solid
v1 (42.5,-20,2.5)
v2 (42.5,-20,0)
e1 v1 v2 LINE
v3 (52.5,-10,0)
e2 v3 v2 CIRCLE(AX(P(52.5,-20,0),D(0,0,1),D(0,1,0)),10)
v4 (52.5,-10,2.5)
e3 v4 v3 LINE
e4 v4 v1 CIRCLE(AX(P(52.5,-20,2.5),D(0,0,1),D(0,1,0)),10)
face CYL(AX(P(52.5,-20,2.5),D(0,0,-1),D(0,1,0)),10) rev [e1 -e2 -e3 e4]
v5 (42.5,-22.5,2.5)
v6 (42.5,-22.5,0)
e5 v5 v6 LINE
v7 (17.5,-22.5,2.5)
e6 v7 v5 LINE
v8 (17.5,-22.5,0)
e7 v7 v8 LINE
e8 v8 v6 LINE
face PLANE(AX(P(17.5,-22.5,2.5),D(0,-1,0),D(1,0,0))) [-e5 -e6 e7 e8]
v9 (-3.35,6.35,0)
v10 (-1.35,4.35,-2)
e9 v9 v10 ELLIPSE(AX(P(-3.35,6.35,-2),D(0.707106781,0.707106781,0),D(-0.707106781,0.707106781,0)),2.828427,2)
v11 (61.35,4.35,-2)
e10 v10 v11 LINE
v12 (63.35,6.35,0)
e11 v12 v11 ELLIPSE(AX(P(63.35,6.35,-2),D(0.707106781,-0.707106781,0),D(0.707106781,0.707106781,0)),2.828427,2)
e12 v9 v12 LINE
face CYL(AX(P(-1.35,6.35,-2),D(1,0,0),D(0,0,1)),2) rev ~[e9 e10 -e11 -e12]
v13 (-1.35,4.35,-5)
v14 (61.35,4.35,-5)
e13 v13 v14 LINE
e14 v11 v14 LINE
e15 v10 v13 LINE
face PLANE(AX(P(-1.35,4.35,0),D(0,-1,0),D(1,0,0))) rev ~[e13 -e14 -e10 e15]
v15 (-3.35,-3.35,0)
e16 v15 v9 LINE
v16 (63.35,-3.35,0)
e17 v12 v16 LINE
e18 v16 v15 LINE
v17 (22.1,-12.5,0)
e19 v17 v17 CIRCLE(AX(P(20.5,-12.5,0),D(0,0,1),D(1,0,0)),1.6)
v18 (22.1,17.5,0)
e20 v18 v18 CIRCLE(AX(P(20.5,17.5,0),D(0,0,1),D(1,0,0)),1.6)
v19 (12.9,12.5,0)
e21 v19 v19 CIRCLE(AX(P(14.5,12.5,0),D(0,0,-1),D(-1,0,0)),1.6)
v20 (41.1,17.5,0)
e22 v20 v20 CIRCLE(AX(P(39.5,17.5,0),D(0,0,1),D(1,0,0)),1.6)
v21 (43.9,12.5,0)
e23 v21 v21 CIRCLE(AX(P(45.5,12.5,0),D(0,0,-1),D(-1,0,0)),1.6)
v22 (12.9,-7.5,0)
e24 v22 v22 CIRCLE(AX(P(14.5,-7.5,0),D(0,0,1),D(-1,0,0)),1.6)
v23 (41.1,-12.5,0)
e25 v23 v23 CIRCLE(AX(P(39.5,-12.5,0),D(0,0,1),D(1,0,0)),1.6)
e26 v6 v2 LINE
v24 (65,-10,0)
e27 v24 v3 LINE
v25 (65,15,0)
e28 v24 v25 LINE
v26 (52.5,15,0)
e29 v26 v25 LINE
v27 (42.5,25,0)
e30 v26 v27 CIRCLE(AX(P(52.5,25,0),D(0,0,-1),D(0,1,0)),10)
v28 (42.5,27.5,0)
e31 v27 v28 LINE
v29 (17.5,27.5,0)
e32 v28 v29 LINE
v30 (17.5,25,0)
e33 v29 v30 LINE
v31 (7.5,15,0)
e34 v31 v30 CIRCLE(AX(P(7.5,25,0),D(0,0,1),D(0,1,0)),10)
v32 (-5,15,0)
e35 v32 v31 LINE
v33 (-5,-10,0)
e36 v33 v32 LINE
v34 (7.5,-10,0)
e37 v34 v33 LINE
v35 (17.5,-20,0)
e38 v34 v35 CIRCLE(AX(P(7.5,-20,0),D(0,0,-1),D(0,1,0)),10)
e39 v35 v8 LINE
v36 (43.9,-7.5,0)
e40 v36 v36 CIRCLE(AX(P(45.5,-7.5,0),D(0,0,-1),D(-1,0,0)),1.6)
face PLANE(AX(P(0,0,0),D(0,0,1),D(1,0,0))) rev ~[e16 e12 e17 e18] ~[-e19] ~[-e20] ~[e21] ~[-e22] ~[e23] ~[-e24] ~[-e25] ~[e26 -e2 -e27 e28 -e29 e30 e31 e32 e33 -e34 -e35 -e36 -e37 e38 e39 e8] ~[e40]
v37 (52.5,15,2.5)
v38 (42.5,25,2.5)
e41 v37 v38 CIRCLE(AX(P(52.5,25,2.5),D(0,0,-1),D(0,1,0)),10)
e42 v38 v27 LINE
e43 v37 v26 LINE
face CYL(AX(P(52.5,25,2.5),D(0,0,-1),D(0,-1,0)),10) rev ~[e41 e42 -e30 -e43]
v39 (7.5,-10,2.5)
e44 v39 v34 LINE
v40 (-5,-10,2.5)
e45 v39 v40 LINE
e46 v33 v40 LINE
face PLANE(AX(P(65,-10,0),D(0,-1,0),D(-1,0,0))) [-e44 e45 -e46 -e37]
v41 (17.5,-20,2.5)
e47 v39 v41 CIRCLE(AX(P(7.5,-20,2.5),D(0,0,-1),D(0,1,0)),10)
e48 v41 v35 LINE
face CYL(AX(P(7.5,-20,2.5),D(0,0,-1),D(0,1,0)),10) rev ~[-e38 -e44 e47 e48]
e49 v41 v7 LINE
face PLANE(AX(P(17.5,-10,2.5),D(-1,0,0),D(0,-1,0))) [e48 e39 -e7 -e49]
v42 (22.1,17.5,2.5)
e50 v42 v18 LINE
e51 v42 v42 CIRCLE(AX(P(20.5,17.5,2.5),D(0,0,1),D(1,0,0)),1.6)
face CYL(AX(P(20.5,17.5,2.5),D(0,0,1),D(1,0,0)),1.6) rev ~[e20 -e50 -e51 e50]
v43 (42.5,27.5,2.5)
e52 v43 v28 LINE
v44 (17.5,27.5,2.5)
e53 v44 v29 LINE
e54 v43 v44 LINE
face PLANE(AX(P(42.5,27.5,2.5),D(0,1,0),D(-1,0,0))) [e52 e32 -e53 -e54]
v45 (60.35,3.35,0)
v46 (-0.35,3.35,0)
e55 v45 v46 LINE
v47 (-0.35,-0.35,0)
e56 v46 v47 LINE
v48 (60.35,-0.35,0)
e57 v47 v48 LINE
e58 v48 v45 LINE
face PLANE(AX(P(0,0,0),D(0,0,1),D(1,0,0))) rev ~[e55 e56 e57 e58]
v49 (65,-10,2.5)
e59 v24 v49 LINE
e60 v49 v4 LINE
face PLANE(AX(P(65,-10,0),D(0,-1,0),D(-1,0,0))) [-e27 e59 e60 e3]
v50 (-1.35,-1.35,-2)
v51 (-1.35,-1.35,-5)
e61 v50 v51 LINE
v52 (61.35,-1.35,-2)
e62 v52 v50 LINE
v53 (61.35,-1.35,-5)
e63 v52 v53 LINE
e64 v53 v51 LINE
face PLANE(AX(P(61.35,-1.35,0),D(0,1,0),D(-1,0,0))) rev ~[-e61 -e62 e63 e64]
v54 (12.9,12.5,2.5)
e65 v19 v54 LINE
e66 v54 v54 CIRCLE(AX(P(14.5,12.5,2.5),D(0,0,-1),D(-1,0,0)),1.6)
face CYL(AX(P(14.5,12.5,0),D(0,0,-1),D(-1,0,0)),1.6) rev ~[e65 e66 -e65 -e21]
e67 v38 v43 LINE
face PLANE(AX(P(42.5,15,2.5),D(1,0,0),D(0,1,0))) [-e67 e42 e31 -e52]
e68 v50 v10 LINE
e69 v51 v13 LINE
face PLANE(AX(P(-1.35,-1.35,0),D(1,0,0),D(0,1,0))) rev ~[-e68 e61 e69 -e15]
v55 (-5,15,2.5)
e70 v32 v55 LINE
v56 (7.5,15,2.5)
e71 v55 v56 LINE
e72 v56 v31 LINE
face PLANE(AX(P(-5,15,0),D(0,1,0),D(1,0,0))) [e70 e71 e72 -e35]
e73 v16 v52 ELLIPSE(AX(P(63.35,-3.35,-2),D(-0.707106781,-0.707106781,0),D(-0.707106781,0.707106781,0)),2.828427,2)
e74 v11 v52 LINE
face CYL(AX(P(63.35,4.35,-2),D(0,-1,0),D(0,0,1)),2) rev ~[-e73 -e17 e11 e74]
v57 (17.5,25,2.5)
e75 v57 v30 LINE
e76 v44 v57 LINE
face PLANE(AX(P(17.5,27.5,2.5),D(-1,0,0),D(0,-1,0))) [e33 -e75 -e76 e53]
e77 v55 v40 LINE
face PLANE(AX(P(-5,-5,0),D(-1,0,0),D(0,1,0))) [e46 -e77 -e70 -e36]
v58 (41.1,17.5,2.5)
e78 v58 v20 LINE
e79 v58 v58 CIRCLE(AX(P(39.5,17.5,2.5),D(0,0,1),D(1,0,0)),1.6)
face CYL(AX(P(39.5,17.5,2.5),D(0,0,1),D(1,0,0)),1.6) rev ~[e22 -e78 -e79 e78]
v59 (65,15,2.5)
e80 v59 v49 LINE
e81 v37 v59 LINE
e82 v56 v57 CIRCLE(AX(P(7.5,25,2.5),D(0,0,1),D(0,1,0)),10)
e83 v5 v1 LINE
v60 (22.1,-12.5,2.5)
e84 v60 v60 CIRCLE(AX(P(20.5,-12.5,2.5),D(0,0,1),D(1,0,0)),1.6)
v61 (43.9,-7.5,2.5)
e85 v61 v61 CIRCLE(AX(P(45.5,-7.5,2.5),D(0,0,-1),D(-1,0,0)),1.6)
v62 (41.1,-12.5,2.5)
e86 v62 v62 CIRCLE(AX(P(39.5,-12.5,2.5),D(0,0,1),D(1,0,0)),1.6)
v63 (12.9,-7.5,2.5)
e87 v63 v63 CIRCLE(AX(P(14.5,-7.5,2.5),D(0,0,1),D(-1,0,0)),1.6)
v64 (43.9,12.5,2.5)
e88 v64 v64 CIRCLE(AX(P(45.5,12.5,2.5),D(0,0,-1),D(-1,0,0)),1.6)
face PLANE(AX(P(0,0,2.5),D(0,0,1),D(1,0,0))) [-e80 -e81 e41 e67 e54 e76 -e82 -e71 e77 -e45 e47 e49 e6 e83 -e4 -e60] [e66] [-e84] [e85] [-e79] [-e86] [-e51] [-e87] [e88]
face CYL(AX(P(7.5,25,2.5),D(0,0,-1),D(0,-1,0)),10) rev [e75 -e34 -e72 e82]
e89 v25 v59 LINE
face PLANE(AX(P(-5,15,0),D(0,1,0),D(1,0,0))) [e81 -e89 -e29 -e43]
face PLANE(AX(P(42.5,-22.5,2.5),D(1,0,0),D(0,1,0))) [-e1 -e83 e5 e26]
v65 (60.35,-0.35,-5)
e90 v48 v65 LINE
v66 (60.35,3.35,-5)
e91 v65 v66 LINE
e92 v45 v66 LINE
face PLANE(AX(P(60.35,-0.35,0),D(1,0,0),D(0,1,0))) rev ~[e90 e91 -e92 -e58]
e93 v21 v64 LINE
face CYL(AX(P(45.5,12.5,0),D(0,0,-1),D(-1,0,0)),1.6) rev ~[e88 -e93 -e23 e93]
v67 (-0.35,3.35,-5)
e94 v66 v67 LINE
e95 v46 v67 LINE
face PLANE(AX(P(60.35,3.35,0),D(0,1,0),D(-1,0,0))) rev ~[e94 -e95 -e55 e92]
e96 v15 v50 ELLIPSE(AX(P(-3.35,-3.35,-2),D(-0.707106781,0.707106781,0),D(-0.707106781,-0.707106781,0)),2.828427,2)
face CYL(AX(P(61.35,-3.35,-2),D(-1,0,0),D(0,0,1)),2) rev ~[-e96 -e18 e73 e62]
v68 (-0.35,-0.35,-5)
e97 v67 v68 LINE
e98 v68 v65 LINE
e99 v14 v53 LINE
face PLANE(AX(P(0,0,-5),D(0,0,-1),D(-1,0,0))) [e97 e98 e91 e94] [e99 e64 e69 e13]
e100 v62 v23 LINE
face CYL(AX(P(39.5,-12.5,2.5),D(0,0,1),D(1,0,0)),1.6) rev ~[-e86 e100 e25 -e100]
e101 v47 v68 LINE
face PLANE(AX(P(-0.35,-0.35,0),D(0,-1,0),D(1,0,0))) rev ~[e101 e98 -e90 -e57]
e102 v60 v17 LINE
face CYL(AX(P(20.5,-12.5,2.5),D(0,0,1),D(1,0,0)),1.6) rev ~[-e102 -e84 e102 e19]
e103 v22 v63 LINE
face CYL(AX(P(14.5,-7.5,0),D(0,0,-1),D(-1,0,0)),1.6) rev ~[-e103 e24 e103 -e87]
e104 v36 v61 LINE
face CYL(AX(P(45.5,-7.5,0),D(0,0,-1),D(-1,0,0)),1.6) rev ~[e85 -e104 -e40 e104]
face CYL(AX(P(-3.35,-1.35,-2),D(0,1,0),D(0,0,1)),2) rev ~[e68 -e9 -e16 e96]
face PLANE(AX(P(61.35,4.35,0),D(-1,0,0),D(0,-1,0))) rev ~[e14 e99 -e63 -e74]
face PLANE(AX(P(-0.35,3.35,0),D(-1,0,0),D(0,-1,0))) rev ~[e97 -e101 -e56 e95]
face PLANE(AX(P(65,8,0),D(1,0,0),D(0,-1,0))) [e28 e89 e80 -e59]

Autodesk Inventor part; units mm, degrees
ref_plane "YZ Plane" through (0, 0, 0) normal (1, 0, 0) x (0, 1, 0)
ref_plane "XZ Plane" through (0, 0, 0) normal (0, 1, 0) x (-1, 0, 0)
ref_plane "XY Plane" through (0, 0, 0) normal (0, 0, 1) x (1, 0, 0)
sketch "Sketch1" plane through (0, 0, 0) normal (0, 0, 1) x (1, 0, 0)
  line L0 (65, 8) -> (65, -5) projected
  line L1 (-5, -5) -> (-5, 8) projected
  line L2 (-5, 8) -> (65, 8) projected
  line L3 (65, 8) -> (65, -5) projected
  line L4 (65, -5) -> (-5, -5) projected
  line L5 (-5, 15) -> (65, 15)
  line L6 (65, 15) -> (65, -10)
  line L7 (65, -10) -> (-5, -10)
  line L8 (-5, -10) -> (-5, 15)
  line L9 (-5, 15) -> (65, -10) construction
  line L10 (65, 15) -> (-5, -10) construction
  point P0 (0, 0)
  point P1 (30, 2.5)
  dimension "d0" = 25
extrude "Extrusion1" add sketch "Sketch1" along normal blind 2.5
sketch "Sketch2" plane through (0, 0, 0) normal (0, 0, -1) x (-1, 0, 0)
  line L0 (-60, 0) -> (0, 0) projected
  line L1 (0, 0) -> (0, 3) projected
  line L2 (-60, 3) -> (0, 3) projected
  line L3 (-60, 0) -> (-60, 3) projected
  line L4 (0.35, -0.35) -> (-60.35, -0.35)
  line L5 (-60.35, -0.35) -> (-60.35, 3.35)
  line L6 (-60.35, 3.35) -> (0.35, 3.35)
  line L7 (0.35, 3.35) -> (0.35, -0.35)
  line L8 (-61.35, -1.35) -> (1.35, -1.35)
  line L9 (1.35, -1.35) -> (1.35, 4.35)
  line L10 (1.35, 4.35) -> (-61.35, 4.35)
  line L11 (-61.35, 4.35) -> (-61.35, -1.35)
  dimension "d3" = 0.35
  dimension "d4" = 1
extrude "Extrusion2" add sketch "Sketch2" along normal blind 5 contours L11 L10 L9 L8
fillet "Fillet1" radius 2 4 edges at (30, -1.35, 0) (-1.35, 1.5, 0) (30, 4.35, 0) (61.35, 1.5, 0)
sketch "Sketch3" plane through (0, 0, 0) normal (0, 0, -1) x (-1, 0, 0)
  line L0 (-65, -9.278) -> (-65, -5)
  line L1 (-47.2, 0) -> (-43.8, 0) projected
  line L2 (-45.5, 0) -> (-45.5, -10) construction
  line L3 (-16.2, 0) -> (-12.8, 0) projected
  line L4 (-14.5, 0) -> (-14.5, -7.5)
  circle A0 centre (-14.5, -7.5) radius 1.6
  line L5 (5, -10) -> (-65, -10) construction
  circle A1 centre (-14.5, -7.5) radius 1.5
  line L6 (-65, 2.5) -> (5, 2.5) construction
  line L7 (-65, -10) -> (-65, -5)
  line L8 (-65, -10) -> (-65, 15) projected
  line L9 (-65, -7.5) -> (5, -7.5) construction
  line L10 (5, 15) -> (5, -10) construction
  circle A2 centre (-45.5, -7.5) radius 1.6
  circle A3 centre (-14.5, 12.5) radius 1.6
  circle A4 centre (-45.5, 12.5) radius 1.6
  point P0 (0, 0)
  dimension "d11" = 3.2
  dimension "d28" = 3.2
extrude "Extrusion3" cut sketch "Sketch3" against normal up to surface (2.5 mm away) contours A1 | A0 | A2 | A3 | A4
sketch "Sketch4" plane through (0, 0, 2.5) normal (0, 0, 1) x (1, 0, 0)
  line L0 (65, -10) -> (65, 15) projected
  circle A0 centre (14.5, 12.5) radius 1.6 projected
  circle A1 centre (45.5, -7.5) radius 1.6 projected
  circle A2 centre (14.5, -7.5) radius 1.6 projected
  circle A3 centre (45.5, 12.5) radius 1.6 projected
  line L1 (-5, 15) -> (-5, -10) projected
  line L2 (-5, -10) -> (65, -10) projected
  line L3 (65, -10) -> (65, 15) projected
  line L4 (65, 15) -> (-5, 15) projected
  line L5 (65, 2.5) -> (-5, 2.5) construction
  line L6 (-5, 15) -> (-5, -10) construction
  line L7 (30, 15) -> (30, -10) construction
  line L8 (42.5, 27.5) -> (17.5, 27.5)
  line L9 (17.5, 27.5) -> (17.5, -22.5)
  line L10 (17.5, -22.5) -> (42.5, -22.5)
  line L11 (42.5, -22.5) -> (42.5, 27.5)
  line L12 (42.5, 27.5) -> (17.5, -22.5) construction
  line L13 (17.5, 27.5) -> (42.5, -22.5) construction
  circle A4 centre (39.5, -12.5) radius 1.6
  circle A5 centre (20.5, -12.5) radius 1.6
  circle A6 centre (39.5, 17.5) radius 1.6
  circle A7 centre (20.5, 17.5) radius 1.6
  point P0 (0, 0)
  point P1 (30, 2.5)
  point P2 (17.5, 15)
  point P3 (42.5, 15)
  point P4 (42.5, -10)
  point P5 (17.5, -10)
  dimension "d29" = 25
  dimension "d30" = 50
  dimension "d31" = 2.5
  dimension "d32" = 3
  dimension "d35" = 2.5
  dimension "d36" = 3
  dimension "d37" = 3.2
extrude "Extrusion4" add sketch "Sketch4" against normal up to surface (2.5 mm away) contours L11 L10 L9 L2 | L4 L9 L8 L11
fillet "Fillet2" radius 10 4 edges at (42.5, -10, 1.25) (42.5, 15, 1.25) (17.5, 15, 1.25) (17.5, -10, 1.25)
equation "\"d28\" = d11"
equation "\"d37\" = d11"
properties part number "CombineTestBase"
